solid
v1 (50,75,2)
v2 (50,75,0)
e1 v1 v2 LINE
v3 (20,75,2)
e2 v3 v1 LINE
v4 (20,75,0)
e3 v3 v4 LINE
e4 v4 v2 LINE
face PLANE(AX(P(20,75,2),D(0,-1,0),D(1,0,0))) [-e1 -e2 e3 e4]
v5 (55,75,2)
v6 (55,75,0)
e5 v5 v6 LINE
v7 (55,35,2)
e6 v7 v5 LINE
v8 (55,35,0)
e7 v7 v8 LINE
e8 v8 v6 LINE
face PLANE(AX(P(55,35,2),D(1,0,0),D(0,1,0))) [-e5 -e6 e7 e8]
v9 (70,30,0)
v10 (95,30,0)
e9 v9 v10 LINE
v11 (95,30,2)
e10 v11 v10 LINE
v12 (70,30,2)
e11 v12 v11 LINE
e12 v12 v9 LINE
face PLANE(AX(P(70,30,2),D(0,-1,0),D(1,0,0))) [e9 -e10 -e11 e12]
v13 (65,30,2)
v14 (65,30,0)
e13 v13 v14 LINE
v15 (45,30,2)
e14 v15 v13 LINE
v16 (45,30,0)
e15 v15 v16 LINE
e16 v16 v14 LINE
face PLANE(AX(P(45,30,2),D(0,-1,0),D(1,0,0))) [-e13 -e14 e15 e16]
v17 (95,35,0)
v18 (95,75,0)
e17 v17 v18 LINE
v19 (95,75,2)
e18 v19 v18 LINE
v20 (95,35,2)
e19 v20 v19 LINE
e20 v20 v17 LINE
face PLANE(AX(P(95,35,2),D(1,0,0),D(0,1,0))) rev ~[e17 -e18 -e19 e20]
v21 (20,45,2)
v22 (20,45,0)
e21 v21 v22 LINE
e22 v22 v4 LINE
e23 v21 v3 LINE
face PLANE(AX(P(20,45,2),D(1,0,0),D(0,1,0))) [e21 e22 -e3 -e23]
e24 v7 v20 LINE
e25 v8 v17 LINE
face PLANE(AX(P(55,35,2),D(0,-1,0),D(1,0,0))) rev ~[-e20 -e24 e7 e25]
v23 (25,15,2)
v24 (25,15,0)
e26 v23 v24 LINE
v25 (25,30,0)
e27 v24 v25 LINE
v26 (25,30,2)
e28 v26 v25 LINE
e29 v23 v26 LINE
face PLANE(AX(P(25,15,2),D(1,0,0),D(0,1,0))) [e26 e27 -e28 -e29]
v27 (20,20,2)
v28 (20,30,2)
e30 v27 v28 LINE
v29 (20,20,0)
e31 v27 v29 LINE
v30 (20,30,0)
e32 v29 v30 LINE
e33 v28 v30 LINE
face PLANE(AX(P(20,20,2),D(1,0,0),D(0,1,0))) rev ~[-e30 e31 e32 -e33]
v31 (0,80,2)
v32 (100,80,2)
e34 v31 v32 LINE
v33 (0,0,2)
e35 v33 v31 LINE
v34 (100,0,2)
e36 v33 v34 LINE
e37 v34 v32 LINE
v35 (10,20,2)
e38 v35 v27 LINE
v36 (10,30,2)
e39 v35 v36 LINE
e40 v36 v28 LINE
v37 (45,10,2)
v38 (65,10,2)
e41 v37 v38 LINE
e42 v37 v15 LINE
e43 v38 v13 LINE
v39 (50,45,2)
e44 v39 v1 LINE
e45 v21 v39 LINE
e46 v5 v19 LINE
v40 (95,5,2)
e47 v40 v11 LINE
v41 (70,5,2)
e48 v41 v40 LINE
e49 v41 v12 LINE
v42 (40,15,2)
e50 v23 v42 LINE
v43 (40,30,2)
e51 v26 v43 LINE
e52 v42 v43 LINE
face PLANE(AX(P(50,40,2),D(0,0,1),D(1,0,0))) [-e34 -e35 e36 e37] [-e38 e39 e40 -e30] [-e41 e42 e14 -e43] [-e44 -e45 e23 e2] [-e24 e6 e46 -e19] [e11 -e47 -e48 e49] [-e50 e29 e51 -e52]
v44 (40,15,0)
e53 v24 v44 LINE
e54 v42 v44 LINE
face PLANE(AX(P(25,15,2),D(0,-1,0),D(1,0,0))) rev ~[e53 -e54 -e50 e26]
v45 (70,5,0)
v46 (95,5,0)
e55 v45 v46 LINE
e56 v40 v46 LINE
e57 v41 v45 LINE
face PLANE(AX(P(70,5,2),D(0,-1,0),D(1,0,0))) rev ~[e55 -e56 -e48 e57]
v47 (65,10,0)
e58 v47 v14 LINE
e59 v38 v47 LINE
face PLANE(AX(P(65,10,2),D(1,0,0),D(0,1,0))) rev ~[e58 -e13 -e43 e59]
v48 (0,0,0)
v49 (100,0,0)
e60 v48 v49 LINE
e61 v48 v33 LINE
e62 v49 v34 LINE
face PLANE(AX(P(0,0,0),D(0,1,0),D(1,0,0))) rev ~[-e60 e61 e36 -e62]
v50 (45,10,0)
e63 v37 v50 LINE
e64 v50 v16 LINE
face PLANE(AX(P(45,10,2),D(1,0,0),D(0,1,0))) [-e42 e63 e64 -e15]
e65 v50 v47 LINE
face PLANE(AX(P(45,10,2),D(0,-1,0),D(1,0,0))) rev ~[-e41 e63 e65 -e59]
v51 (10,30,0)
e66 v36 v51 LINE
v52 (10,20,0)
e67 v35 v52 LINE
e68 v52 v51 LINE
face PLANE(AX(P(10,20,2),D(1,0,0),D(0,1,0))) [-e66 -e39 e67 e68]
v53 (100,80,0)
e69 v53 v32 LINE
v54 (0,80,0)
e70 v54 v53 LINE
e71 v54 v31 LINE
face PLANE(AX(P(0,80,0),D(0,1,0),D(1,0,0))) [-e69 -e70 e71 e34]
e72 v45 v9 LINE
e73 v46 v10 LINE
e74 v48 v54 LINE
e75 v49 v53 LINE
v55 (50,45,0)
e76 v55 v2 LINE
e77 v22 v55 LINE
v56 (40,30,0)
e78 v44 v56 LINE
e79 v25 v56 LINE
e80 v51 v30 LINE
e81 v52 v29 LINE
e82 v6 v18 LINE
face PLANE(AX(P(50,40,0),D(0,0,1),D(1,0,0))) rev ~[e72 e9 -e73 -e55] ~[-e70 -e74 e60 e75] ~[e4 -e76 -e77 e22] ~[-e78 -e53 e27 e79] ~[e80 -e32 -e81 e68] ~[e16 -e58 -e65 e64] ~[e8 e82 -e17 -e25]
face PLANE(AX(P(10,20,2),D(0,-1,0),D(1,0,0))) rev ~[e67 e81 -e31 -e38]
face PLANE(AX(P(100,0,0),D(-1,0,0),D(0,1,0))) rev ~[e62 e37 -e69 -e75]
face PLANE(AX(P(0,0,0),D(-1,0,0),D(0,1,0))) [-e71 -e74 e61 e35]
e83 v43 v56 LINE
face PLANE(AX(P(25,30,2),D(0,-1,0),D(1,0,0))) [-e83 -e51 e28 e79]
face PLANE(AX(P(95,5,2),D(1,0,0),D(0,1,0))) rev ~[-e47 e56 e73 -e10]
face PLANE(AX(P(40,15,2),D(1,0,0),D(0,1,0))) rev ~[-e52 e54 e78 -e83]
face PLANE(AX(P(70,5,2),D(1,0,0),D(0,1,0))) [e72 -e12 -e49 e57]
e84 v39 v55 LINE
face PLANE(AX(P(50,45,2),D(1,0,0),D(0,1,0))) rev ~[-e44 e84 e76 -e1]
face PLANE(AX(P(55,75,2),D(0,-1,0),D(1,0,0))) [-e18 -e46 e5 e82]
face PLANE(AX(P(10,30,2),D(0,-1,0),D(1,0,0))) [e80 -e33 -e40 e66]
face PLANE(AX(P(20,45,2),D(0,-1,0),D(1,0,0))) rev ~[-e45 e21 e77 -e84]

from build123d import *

# Parameters (mm, degrees)
F0_W     = 100
F0_H     = 80
F1_DEPTH = 2
F2_W     = 40
F2_H     = 40
F2_W_2   = 30
F2_H_2   = 30
F2_W_3   = 25
F2_H_3   = 25
F2_W_4   = 20
F2_H_4   = 20
F2_W_5   = 15
F2_H_5   = 15
F2_W_6   = 10
F2_H_6   = 10
F3_DEPTH = 2.001


with BuildPart() as f1:
    # F0 (on Top) → F1 (new body)
    with BuildSketch(Plane.XY):
        with Locations((50, 40)):
            Rectangle(F0_W, F0_H)
    extrude(amount=F1_DEPTH)

    # F2 (on face) → F3 (cut, through all)
    with BuildSketch(Plane.XY.offset(2)):
        with Locations((75, 55)):
            Rectangle(F2_W, F2_H)
        with Locations((35, 60)):
            Rectangle(F2_W_2, F2_H_2)
        with Locations((82.5, 17.5)):
            Rectangle(F2_W_3, F2_H_3)
        with Locations((55, 20)):
            Rectangle(F2_W_4, F2_H_4)
        with Locations((32.5, 22.5)):
            Rectangle(F2_W_5, F2_H_5)
        with Locations((15, 25)):
            Rectangle(F2_W_6, F2_H_6)
    extrude(amount=-F3_DEPTH, mode=Mode.SUBTRACT)


solid = f1.part
